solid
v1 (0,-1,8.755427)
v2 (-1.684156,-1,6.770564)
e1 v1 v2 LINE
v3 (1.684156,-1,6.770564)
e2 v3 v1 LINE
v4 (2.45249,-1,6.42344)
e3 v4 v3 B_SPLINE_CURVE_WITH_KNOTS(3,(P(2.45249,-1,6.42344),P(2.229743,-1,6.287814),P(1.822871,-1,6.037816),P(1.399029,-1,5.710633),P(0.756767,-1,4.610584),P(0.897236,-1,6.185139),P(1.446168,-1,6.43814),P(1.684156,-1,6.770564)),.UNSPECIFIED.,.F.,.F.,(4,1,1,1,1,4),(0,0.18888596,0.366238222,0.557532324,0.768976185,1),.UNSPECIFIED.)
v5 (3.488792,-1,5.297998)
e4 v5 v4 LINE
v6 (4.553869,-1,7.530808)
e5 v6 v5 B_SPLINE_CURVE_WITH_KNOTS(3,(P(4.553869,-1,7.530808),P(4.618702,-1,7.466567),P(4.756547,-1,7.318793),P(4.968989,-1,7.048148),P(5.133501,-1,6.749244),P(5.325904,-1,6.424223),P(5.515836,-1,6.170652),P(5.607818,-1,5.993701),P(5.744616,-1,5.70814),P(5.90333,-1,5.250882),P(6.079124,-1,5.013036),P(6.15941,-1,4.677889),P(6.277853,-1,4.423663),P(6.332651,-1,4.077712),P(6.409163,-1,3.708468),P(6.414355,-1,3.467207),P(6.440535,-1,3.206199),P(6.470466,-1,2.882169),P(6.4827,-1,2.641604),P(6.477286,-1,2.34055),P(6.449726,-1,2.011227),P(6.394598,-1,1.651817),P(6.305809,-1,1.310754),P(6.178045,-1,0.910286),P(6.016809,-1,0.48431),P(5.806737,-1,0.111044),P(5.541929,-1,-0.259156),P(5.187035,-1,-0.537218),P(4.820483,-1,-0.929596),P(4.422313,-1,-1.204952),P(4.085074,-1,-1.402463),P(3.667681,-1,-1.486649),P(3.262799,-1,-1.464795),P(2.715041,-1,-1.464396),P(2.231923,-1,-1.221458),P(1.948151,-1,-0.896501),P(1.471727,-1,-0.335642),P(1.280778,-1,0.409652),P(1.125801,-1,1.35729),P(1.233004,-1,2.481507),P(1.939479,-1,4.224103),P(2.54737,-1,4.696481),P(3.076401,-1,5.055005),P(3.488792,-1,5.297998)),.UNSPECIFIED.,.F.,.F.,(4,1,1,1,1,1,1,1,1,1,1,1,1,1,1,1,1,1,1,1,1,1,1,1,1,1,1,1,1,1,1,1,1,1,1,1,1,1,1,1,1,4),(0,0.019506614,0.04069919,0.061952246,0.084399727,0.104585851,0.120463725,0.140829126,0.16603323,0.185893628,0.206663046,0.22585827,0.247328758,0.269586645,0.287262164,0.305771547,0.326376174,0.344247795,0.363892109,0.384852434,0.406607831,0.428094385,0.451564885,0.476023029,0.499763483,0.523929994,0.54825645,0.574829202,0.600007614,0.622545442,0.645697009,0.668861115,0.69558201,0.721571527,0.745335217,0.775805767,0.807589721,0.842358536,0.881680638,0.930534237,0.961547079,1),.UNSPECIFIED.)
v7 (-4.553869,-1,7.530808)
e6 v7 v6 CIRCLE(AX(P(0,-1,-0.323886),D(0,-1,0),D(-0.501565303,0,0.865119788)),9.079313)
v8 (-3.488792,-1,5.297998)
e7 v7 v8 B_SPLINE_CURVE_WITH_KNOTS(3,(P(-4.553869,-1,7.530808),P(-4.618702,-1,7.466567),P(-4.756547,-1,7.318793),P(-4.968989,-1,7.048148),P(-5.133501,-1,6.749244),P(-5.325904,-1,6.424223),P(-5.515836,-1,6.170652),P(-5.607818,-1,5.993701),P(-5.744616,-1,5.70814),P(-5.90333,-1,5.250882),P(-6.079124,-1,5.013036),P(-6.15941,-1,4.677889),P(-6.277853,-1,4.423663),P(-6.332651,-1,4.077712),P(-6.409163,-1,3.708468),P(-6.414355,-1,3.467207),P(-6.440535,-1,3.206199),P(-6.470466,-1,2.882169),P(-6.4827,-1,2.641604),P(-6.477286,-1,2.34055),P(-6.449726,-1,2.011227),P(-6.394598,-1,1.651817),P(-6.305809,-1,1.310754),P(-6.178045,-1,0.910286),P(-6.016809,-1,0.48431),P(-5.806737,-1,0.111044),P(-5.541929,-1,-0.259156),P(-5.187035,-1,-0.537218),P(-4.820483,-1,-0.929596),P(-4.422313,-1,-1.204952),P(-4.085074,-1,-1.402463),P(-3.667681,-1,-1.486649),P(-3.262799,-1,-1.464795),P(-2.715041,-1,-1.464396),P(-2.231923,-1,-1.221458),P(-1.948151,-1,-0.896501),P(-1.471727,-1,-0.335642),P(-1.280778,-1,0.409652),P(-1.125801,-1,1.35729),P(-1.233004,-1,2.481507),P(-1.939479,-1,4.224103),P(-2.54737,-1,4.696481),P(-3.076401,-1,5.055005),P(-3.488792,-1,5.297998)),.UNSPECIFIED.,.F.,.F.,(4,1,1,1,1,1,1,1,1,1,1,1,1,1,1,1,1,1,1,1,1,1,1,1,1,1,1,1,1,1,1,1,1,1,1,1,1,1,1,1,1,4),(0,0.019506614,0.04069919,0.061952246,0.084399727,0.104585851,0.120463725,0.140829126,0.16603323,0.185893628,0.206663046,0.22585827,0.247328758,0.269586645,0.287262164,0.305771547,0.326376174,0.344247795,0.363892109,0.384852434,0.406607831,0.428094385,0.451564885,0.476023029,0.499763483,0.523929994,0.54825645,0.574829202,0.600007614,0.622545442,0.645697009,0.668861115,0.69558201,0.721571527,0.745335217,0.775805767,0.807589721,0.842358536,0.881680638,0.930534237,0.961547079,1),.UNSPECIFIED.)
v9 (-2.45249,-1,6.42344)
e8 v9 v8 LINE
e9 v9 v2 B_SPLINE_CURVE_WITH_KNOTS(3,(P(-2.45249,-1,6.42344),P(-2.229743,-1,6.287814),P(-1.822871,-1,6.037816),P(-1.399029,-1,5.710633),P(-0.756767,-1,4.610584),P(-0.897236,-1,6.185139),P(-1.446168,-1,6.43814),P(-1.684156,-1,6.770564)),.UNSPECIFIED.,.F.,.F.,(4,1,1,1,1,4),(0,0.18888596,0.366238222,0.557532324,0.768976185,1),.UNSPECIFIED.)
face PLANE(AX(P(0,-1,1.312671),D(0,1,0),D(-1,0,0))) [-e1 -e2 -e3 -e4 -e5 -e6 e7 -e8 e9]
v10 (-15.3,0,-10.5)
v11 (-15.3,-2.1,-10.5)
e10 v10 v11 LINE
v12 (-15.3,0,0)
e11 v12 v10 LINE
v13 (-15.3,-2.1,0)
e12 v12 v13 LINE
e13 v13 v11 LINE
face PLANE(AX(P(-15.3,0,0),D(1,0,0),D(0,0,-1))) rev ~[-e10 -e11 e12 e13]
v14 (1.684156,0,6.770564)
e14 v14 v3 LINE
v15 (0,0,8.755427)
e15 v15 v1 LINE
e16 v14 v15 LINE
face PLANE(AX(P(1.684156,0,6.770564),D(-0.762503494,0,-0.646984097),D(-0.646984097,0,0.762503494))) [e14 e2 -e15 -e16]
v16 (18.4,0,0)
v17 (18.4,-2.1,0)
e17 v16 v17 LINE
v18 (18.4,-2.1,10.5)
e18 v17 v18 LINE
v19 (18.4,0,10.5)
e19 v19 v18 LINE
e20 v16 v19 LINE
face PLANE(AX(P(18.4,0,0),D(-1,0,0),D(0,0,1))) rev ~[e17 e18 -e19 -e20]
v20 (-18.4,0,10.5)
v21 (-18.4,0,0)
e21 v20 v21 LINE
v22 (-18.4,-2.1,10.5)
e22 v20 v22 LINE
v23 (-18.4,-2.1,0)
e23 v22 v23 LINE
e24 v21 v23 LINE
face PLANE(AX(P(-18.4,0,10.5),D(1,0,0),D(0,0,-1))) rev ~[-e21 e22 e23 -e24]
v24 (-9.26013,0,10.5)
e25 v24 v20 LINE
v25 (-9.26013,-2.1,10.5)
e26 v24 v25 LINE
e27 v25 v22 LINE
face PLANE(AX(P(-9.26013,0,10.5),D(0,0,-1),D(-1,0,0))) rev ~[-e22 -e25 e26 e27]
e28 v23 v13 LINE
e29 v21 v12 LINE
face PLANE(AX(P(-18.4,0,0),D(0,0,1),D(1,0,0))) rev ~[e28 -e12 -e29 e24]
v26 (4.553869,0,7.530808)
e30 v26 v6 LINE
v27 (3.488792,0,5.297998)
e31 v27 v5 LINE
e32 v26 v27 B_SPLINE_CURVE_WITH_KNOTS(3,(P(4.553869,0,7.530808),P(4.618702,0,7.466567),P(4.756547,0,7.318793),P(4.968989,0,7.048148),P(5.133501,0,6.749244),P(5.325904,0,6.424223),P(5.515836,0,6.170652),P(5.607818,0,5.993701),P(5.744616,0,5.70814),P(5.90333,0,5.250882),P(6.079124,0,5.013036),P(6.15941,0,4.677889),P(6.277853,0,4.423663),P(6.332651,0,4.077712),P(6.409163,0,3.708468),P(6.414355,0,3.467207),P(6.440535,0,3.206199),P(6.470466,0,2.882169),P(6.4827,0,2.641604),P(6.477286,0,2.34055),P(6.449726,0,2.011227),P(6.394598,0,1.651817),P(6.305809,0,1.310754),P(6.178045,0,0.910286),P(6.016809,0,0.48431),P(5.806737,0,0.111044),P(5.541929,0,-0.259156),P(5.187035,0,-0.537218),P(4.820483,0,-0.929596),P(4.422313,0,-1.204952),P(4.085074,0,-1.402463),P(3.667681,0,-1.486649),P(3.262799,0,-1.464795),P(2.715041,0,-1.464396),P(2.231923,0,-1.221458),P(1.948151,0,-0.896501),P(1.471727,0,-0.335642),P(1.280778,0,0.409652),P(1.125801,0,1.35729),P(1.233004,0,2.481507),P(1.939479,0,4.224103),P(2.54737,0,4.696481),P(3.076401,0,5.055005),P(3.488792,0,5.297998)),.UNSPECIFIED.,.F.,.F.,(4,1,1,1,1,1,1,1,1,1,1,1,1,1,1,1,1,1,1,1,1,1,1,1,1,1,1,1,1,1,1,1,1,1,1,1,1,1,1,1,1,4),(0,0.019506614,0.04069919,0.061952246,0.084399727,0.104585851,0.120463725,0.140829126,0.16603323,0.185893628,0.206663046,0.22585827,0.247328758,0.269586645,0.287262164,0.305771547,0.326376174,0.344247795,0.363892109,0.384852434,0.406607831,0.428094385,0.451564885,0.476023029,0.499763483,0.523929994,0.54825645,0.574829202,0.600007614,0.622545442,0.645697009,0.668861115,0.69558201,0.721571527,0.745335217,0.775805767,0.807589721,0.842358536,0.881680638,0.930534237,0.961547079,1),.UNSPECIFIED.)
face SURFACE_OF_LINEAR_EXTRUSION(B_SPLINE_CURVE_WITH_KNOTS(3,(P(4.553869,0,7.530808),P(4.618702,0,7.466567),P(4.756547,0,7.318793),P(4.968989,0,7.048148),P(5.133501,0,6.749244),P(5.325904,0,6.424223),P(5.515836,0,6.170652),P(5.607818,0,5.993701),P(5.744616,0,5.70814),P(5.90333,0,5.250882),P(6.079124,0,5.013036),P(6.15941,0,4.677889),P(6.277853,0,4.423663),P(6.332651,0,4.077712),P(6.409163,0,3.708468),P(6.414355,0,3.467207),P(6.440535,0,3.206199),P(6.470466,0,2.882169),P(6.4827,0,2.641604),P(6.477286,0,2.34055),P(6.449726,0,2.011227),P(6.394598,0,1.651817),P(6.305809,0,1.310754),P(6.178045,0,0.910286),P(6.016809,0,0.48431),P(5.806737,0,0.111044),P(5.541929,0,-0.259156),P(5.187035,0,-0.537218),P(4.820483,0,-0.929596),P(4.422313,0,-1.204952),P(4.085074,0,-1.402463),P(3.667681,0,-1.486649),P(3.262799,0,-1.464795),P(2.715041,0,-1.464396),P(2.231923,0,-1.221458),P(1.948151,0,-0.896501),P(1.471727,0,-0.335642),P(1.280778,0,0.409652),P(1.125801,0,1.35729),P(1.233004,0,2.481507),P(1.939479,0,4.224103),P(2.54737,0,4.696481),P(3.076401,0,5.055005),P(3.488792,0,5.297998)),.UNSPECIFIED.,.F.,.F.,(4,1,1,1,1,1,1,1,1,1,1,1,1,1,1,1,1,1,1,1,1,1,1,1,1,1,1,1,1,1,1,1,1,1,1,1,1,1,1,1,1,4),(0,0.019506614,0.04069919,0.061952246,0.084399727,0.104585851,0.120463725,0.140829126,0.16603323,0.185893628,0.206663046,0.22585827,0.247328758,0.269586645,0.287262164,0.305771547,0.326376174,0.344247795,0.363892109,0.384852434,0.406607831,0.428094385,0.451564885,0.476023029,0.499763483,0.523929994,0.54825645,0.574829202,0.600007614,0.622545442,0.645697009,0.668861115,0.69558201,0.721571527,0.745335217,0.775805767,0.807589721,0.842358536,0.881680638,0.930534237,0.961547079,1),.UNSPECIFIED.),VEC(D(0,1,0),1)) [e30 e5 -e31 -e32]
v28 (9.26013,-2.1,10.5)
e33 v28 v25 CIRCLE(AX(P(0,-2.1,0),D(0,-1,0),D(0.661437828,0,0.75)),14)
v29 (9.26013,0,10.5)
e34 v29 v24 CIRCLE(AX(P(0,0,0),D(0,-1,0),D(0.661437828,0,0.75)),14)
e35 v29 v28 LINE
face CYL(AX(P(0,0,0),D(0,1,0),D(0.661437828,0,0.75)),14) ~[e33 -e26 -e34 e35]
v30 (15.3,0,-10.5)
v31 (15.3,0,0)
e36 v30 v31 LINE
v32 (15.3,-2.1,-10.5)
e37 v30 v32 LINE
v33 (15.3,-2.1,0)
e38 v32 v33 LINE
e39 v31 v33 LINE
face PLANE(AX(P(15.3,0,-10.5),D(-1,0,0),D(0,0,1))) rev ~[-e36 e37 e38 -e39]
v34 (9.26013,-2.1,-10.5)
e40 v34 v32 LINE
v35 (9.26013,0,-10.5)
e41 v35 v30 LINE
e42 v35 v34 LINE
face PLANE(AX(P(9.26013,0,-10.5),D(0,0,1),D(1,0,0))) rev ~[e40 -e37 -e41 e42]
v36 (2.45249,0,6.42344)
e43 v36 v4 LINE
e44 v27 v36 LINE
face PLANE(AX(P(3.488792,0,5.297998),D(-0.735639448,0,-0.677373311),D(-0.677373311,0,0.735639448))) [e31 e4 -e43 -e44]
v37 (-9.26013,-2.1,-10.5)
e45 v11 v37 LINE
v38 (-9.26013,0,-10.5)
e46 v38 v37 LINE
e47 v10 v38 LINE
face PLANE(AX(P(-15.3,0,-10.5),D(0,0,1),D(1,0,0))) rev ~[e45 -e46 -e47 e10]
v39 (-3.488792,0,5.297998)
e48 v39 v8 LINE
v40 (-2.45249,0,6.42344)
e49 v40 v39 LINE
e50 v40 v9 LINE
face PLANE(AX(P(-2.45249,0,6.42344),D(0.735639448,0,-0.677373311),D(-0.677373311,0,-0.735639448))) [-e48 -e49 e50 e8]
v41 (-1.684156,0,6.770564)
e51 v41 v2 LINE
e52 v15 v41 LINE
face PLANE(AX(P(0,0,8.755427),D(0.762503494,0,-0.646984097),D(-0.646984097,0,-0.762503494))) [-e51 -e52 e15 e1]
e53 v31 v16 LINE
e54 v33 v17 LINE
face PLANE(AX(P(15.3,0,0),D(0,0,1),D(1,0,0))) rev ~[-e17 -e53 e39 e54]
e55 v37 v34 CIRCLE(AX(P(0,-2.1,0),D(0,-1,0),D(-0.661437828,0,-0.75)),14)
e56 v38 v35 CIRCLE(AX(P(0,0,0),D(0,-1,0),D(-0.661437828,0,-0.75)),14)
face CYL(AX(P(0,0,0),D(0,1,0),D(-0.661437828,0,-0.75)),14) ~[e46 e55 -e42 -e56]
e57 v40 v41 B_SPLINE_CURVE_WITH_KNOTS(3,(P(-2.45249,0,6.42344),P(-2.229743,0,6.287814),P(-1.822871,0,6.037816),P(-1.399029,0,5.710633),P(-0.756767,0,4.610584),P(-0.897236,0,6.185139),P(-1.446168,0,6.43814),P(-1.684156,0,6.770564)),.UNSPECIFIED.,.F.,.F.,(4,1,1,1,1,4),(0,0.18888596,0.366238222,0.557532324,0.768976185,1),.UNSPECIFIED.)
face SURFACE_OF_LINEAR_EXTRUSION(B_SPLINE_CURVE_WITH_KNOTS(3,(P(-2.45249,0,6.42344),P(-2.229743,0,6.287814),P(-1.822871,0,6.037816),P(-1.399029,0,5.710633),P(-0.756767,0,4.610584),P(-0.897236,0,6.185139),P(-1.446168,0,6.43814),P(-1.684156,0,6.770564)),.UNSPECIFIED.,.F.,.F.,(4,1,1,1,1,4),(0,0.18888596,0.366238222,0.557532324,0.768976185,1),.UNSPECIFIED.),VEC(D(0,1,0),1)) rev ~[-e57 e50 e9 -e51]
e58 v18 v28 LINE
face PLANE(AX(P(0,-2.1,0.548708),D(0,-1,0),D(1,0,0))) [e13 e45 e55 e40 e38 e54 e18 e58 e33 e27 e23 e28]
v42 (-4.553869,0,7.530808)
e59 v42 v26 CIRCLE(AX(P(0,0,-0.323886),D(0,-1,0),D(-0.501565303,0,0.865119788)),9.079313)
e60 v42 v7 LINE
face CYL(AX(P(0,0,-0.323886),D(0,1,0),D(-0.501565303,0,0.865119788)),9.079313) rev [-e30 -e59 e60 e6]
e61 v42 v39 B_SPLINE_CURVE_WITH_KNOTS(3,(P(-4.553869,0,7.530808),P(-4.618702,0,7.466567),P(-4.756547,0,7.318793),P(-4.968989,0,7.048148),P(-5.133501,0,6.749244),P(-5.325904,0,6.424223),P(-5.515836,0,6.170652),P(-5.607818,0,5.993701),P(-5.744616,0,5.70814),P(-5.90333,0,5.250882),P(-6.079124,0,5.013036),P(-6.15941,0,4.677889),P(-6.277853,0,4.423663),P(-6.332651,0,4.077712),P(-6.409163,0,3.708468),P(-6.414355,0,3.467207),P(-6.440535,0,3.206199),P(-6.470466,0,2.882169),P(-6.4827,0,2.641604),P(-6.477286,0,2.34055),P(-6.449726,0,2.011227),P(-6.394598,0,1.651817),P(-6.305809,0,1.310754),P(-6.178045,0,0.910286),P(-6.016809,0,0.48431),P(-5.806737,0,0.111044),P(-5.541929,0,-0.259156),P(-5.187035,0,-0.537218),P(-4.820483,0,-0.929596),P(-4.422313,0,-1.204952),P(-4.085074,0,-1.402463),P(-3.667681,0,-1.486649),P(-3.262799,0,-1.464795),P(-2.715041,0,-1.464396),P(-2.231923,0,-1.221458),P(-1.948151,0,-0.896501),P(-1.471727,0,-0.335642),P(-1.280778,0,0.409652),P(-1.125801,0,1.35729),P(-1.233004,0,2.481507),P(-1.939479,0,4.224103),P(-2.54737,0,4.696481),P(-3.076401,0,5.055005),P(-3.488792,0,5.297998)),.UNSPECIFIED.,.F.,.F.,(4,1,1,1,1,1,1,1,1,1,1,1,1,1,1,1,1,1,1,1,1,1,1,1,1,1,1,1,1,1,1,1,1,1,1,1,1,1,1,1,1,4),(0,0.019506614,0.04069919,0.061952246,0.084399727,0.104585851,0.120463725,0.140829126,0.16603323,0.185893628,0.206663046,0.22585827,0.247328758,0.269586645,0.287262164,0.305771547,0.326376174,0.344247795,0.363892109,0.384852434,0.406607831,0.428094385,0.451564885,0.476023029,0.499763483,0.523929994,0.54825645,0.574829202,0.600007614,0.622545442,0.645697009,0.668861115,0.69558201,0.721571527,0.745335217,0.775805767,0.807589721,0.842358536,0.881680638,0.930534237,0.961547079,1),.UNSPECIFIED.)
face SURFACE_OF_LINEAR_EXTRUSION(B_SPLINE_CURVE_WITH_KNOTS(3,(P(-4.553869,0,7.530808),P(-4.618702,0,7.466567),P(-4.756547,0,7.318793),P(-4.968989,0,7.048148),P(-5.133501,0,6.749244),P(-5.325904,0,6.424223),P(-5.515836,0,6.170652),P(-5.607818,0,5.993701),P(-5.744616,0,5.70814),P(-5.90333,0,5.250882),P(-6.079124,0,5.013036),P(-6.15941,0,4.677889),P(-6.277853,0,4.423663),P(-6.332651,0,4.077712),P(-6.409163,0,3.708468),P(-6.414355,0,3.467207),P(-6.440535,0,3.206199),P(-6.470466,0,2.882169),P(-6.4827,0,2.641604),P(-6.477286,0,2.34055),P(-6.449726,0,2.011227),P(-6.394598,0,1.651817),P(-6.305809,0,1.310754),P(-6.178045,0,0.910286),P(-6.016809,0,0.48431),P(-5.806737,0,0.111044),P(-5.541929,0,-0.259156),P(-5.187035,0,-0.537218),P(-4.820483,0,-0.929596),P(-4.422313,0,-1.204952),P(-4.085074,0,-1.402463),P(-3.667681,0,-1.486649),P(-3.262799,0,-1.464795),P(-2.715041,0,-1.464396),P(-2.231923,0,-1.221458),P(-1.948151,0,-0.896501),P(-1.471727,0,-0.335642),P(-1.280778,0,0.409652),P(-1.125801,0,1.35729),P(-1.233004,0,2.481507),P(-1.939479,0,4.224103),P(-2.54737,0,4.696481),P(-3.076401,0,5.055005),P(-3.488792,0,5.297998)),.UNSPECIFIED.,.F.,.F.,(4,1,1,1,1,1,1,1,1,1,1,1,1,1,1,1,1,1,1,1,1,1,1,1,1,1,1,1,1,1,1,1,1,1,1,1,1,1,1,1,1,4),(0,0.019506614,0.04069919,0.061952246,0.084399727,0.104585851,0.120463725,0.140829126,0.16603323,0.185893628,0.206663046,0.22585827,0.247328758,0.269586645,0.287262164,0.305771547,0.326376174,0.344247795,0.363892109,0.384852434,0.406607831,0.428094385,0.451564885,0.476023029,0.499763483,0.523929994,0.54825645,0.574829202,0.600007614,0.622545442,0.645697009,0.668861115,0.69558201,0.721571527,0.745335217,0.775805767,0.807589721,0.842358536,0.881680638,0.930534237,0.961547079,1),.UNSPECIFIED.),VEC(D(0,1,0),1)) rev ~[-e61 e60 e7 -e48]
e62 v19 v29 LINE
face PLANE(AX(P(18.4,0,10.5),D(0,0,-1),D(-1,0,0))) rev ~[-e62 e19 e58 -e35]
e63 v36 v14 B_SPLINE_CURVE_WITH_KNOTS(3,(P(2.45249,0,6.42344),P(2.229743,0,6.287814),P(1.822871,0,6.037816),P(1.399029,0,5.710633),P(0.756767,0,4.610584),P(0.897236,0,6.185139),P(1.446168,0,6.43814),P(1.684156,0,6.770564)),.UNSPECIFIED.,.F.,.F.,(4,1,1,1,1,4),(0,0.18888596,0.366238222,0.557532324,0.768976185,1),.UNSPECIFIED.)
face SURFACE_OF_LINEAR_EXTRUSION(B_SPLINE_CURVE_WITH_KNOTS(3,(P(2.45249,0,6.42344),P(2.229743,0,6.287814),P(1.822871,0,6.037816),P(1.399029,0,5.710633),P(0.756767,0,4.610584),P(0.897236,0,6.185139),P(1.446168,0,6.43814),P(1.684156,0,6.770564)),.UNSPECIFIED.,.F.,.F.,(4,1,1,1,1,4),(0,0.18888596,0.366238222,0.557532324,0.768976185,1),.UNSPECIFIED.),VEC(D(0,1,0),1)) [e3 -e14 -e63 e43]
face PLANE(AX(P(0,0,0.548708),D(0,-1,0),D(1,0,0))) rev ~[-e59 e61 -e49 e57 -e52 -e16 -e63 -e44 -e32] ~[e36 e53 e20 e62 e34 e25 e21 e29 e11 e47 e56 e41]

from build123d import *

# Parameters (mm, degrees)
F2_DEPTH = 2.1
F3_DEPTH = 1


with BuildPart() as f2:
    # F0 (on Front) → F2 (new body)
    with BuildSketch(Plane.XZ):
        with BuildLine():
            Line((-15.3, -10.5), (-9.2601295887, -10.5))
            ThreePointArc((-9.2601295887, -10.5), (0, -14), (9.2601295887, -10.5))
            Line((9.2601295887, -10.5), (15.3, -10.5))
            Line((15.3, -10.5), (15.3, 0))
            Line((15.3, 0), (18.4, 0))
            Line((18.4, 0), (18.4, 10.5))
            Line((18.4, 10.5), (9.2601295887, 10.5))
            ThreePointArc((9.2601295887, 10.5), (0, 14), (-9.2601295887, 10.5))
            Line((-9.2601295887, 10.5), (-18.4, 10.5))
            Line((-18.4, 10.5), (-18.4, 0))
            Line((-18.4, 0), (-15.3, 0))
            Line((-15.3, 0), (-15.3, -10.5))
        make_face()
    extrude(amount=F2_DEPTH)

    # F1 (on face) → F3 (cut)
    with BuildSketch(Plane.XZ):
        with BuildLine():
            add(Edge.make_bspline(
                [(-4.553868569, 7.5308077656), (-4.6187022127, 7.4665670768), (-4.7565465162, 7.3187932446), (-4.9689885783, 7.0481481864), (-5.1335006645, 6.7492444591), (-5.325903897, 6.4242233465), (-5.5158362824, 6.1706517061), (-5.6078179544, 5.9937013025), (-5.7446160317, 5.7081404625), (-5.9033298953, 5.2508820338), (-6.0791242374, 5.0130361926), (-6.1594103264, 4.6778886253), (-6.2778532417, 4.423662996), (-6.3326507428, 4.0777117905), (-6.4091625058, 3.7084680855), (-6.4143553131, 3.4672066463), (-6.4405345633, 3.206198915), (-6.4704656386, 2.8821690528), (-6.4827002242, 2.6416036699), (-6.477285954, 2.340550274), (-6.4497255377, 2.0112274522), (-6.3945977245, 1.6518171349), (-6.3058092302, 1.3107543234), (-6.178045217, 0.9102863772), (-6.0168086448, 0.4843102189), (-5.8067367239, 0.1110443935), (-5.5419287895, -0.2591563892), (-5.1870348593, -0.5372182371), (-4.8204833819, -0.9295960711), (-4.4223128535, -1.2049518241), (-4.0850736908, -1.4024631663), (-3.6676805295, -1.4866489323), (-3.2627988734, -1.4647949692), (-2.7150407813, -1.4643963241), (-2.2319229179, -1.2214576279), (-1.948150958, -0.8965008756), (-1.4717270817, -0.3356420109), (-1.2807784587, 0.4096518105), (-1.1258012801, 1.3572900633), (-1.2330035732, 2.4815070998), (-1.9394792256, 4.2241027355), (-2.547370048, 4.696480943), (-3.0764005964, 5.0550053418), (-3.4887921065, 5.2979975007)],
                knots=[0, 0, 0, 0, 0.019506614, 0.0406991901, 0.0619522455, 0.0843997269, 0.1045858515, 0.1204637254, 0.140829126, 0.1660332299, 0.1858936277, 0.2066630462, 0.2258582696, 0.2473287577, 0.2695866446, 0.2872621644, 0.3057715473, 0.3263761743, 0.3442477951, 0.3638921092, 0.3848524344, 0.406607831, 0.4280943849, 0.451564885, 0.4760230289, 0.4997634827, 0.5239299937, 0.54825645, 0.5748292024, 0.6000076139, 0.6225454425, 0.6456970089, 0.6688611146, 0.6955820098, 0.7215715274, 0.7453352167, 0.7758057667, 0.8075897214, 0.8423585362, 0.8816806384, 0.9305342375, 0.9615470791, 1, 1, 1, 1], degree=3))
            ThreePointArc((-4.553868569, 7.5308077656), (0, -9.4031992956), (4.553868569, 7.5308077656))
            add(Edge.make_bspline(
                [(4.553868569, 7.5308077656), (4.6187022127, 7.4665670768), (4.7565465162, 7.3187932446), (4.9689885783, 7.0481481864), (5.1335006645, 6.7492444591), (5.325903897, 6.4242233465), (5.5158362824, 6.1706517061), (5.6078179544, 5.9937013025), (5.7446160317, 5.7081404625), (5.9033298953, 5.2508820338), (6.0791242374, 5.0130361926), (6.1594103264, 4.6778886253), (6.2778532417, 4.423662996), (6.3326507428, 4.0777117905), (6.4091625058, 3.7084680855), (6.4143553131, 3.4672066463), (6.4405345633, 3.206198915), (6.4704656386, 2.8821690528), (6.4827002242, 2.6416036699), (6.477285954, 2.340550274), (6.4497255377, 2.0112274522), (6.3945977245, 1.6518171349), (6.3058092302, 1.3107543234), (6.178045217, 0.9102863772), (6.0168086448, 0.4843102189), (5.8067367239, 0.1110443935), (5.5419287895, -0.2591563892), (5.1870348593, -0.5372182371), (4.8204833819, -0.9295960711), (4.4223128535, -1.2049518241), (4.0850736908, -1.4024631663), (3.6676805295, -1.4866489323), (3.2627988734, -1.4647949692), (2.7150407813, -1.4643963241), (2.2319229179, -1.2214576279), (1.948150958, -0.8965008756), (1.4717270817, -0.3356420109), (1.2807784587, 0.4096518105), (1.1258012801, 1.3572900633), (1.2330035732, 2.4815070998), (1.9394792256, 4.2241027355), (2.547370048, 4.696480943), (3.0764005964, 5.0550053418), (3.4887921065, 5.2979975007)],
                knots=[0, 0, 0, 0, 0.019506614, 0.0406991901, 0.0619522455, 0.0843997269, 0.1045858515, 0.1204637254, 0.140829126, 0.1660332299, 0.1858936277, 0.2066630462, 0.2258582696, 0.2473287577, 0.2695866446, 0.2872621644, 0.3057715473, 0.3263761743, 0.3442477951, 0.3638921092, 0.3848524344, 0.406607831, 0.4280943849, 0.451564885, 0.4760230289, 0.4997634827, 0.5239299937, 0.54825645, 0.5748292024, 0.6000076139, 0.6225454425, 0.6456970089, 0.6688611146, 0.6955820098, 0.7215715274, 0.7453352167, 0.7758057667, 0.8075897214, 0.8423585362, 0.8816806384, 0.9305342375, 0.9615470791, 1, 1, 1, 1], degree=3))
            Line((3.4887921065, 5.2979975007), (2.4524901528, 6.4234398305))
            add(Edge.make_bspline(
                [(2.4524901528, 6.4234398305), (2.2297429875, 6.2878136207), (1.8228713552, 6.0378161424), (1.3990289295, 5.710633014), (0.756766865, 4.6105836099), (0.8972356823, 6.1851388125), (1.4461682012, 6.4381395116), (1.6841560137, 6.7705644067)],
                knots=[0, 0, 0, 0, 0.1888859602, 0.3662382219, 0.5575323243, 0.7689761852, 1, 1, 1, 1], degree=3))
            Line((1.6841560137, 6.7705644067), (0, 8.7554274831))
            Line((0, 8.7554274831), (-1.6841560137, 6.7705644067))
            add(Edge.make_bspline(
                [(-2.4524901528, 6.4234398305), (-2.2297429875, 6.2878136207), (-1.8228713552, 6.0378161424), (-1.3990289295, 5.710633014), (-0.756766865, 4.6105836099), (-0.8972356823, 6.1851388125), (-1.4461682012, 6.4381395116), (-1.6841560137, 6.7705644067)],
                knots=[0, 0, 0, 0, 0.1888859602, 0.3662382219, 0.5575323243, 0.7689761852, 1, 1, 1, 1], degree=3))
            Line((-2.4524901528, 6.4234398305), (-3.4887921065, 5.2979975007))
        make_face()
    extrude(amount=F3_DEPTH, mode=Mode.SUBTRACT)


solid = f2.part
